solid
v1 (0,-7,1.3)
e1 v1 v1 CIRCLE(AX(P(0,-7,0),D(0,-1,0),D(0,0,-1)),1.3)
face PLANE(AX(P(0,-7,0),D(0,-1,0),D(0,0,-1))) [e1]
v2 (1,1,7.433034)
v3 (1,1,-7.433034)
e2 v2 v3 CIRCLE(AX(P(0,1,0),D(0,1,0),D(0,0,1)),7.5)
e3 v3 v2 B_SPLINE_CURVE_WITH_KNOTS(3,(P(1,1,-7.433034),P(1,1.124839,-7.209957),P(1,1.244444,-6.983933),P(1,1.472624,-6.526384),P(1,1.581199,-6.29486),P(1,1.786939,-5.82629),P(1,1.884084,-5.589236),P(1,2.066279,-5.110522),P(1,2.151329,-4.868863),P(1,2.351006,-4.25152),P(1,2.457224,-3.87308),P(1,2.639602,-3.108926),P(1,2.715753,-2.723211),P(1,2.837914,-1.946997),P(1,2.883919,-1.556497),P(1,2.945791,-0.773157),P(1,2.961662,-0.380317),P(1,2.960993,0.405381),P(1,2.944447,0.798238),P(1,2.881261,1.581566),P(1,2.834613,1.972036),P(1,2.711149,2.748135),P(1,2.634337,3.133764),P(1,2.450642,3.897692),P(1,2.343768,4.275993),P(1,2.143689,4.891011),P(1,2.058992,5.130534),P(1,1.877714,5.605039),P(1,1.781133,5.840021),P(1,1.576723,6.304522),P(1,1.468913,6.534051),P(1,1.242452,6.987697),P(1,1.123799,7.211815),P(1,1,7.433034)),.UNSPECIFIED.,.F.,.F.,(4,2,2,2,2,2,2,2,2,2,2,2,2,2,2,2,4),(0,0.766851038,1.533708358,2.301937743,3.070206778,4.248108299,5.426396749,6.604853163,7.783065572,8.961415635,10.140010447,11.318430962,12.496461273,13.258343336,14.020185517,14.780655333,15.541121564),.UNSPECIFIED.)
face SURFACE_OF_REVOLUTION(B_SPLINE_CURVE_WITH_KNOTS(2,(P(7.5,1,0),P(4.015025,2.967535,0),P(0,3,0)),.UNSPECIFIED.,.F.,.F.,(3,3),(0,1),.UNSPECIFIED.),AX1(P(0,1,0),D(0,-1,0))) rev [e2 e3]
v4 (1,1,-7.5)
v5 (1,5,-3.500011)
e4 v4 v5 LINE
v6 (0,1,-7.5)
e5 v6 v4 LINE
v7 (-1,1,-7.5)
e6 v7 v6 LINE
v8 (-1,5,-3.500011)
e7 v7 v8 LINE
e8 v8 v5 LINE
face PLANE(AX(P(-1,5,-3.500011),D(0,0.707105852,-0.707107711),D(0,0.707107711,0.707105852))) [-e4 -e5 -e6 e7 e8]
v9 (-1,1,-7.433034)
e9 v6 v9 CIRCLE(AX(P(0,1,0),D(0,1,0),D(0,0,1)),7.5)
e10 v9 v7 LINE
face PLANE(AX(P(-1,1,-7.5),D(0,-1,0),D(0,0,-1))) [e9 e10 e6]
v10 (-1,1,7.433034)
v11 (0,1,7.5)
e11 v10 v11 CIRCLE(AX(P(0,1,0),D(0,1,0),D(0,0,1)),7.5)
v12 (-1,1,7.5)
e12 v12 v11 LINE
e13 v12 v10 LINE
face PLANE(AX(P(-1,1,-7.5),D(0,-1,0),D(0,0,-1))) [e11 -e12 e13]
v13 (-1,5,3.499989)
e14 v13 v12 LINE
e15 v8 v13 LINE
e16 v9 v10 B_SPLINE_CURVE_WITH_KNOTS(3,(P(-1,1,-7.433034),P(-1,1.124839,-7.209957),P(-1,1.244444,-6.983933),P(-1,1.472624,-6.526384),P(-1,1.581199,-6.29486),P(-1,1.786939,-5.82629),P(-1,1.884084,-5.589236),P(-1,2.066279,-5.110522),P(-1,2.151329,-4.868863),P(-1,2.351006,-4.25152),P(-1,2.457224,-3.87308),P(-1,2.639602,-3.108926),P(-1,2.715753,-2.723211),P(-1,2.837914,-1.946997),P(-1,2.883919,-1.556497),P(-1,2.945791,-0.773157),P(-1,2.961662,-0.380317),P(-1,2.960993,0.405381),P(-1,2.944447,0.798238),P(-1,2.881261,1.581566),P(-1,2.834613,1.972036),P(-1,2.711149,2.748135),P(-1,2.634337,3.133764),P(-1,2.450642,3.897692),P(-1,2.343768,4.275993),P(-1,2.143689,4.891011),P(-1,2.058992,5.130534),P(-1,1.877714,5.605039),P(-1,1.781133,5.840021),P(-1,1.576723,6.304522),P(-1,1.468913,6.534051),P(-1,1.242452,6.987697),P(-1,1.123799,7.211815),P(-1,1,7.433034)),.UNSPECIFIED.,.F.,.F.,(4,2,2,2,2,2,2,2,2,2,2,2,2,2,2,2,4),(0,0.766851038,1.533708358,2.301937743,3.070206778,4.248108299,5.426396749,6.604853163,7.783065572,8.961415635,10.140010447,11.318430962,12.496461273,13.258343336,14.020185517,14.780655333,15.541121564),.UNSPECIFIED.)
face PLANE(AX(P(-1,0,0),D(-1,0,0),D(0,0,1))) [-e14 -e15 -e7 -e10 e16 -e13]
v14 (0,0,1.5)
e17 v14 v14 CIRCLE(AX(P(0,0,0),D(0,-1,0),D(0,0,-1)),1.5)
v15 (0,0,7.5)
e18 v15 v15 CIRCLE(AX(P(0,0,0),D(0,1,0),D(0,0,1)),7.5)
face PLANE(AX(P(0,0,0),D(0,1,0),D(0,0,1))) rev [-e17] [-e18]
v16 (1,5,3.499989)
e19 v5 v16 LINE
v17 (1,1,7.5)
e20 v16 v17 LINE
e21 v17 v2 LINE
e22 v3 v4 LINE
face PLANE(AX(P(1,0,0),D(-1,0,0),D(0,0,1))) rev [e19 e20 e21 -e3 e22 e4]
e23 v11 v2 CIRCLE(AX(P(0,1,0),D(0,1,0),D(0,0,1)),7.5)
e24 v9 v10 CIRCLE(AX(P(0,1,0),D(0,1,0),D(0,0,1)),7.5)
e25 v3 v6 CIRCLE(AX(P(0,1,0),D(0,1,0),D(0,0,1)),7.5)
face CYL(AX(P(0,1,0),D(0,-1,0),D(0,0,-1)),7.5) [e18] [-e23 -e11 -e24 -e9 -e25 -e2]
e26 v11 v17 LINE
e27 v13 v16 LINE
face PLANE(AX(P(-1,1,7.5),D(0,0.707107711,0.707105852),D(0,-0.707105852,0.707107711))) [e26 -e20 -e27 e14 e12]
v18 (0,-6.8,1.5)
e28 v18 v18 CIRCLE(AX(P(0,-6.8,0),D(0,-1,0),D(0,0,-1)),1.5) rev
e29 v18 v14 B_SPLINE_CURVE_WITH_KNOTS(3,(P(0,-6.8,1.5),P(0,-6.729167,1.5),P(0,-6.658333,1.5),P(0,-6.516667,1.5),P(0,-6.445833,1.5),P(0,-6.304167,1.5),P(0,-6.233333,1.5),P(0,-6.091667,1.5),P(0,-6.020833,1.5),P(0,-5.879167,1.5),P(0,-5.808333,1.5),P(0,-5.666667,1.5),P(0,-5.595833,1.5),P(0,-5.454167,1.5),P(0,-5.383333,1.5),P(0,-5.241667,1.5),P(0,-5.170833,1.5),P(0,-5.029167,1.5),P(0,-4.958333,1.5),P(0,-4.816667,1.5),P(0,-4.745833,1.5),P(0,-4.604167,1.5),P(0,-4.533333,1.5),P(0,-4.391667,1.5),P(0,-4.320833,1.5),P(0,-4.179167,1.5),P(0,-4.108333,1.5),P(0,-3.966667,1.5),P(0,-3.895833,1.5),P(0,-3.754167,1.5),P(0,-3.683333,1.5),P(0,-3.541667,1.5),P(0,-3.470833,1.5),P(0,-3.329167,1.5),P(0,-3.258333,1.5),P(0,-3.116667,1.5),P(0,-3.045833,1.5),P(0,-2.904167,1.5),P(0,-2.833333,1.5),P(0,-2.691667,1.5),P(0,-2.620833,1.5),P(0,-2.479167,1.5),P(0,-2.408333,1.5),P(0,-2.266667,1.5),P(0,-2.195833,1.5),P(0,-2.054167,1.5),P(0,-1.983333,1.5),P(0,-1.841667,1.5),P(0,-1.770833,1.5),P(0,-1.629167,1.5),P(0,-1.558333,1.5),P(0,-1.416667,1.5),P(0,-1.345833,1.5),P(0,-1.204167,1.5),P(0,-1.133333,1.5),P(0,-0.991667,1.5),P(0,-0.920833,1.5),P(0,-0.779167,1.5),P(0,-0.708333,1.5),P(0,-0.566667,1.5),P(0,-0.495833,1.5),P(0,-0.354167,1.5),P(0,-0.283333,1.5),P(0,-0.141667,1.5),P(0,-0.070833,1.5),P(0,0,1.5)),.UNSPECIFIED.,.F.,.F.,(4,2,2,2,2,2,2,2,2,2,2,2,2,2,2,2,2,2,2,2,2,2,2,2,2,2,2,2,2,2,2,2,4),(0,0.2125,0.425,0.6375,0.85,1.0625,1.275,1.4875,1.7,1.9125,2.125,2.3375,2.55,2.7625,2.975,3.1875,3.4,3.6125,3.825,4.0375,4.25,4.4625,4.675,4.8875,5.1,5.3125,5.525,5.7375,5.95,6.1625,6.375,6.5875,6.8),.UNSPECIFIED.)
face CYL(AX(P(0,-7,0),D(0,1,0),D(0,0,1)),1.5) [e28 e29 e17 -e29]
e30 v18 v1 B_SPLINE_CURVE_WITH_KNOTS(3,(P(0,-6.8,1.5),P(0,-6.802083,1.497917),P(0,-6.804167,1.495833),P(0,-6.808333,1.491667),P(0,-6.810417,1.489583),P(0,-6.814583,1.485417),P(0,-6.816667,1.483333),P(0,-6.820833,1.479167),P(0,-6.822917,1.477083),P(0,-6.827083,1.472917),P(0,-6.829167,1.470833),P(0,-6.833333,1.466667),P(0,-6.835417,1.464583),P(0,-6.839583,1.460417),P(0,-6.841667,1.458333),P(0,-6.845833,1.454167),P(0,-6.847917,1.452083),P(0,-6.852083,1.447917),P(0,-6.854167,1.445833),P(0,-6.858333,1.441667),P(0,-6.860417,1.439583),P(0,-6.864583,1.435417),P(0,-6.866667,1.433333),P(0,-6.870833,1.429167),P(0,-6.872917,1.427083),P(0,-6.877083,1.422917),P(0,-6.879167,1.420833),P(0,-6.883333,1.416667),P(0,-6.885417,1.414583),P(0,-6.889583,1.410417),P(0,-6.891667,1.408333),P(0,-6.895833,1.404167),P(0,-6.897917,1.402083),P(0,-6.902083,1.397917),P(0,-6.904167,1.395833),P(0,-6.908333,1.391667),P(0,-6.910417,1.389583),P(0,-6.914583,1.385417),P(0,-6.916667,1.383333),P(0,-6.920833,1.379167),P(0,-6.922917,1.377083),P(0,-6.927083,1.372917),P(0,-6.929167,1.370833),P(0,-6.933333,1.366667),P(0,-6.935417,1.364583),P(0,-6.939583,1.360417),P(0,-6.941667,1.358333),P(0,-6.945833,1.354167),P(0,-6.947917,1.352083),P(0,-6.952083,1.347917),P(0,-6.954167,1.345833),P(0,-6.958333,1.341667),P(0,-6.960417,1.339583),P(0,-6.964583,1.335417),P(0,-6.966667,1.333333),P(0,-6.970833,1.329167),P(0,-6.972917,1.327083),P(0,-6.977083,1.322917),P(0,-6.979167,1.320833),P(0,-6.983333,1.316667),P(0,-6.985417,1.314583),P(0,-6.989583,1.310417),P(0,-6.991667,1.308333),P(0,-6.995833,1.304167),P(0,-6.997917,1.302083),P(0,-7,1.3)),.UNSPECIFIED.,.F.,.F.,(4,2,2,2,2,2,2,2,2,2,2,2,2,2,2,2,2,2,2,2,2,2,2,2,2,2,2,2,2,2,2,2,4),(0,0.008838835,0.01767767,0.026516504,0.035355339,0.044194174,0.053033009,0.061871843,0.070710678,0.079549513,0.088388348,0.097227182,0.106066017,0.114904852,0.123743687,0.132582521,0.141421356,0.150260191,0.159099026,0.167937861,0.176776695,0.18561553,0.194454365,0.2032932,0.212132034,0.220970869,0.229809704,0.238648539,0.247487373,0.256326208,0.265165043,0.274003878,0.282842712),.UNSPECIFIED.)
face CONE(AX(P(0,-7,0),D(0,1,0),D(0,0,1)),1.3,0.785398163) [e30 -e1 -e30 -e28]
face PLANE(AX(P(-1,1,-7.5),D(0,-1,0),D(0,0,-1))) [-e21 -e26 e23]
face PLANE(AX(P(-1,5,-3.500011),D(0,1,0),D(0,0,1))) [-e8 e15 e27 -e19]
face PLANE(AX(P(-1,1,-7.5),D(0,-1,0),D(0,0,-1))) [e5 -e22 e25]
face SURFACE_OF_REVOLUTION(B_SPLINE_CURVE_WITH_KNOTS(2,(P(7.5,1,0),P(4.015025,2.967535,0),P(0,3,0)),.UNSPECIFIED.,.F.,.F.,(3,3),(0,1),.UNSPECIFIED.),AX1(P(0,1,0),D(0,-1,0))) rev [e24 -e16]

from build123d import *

# Parameters (mm, degrees)
SKETCH1_R                = 7.5
BOSS_EXTRUDE1_DEPTH      = 1
BOSS_EXTRUDE2_DEPTH      = 1
BOSS_EXTRUDE2_DEPTH_BACK = 1
SKETCH5_R                = 1.5
BOSS_EXTRUDE3_DEPTH      = 7
CHAMFER1_SIZE            = 0.2


with BuildPart() as part:
    # Sketch1 → Boss-Extrude1 (new body)
    with BuildSketch(Plane(origin=(0, 0, 0), x_dir=(1, 0, 0), z_dir=(0, 1, 0))):
        Circle(SKETCH1_R)
    extrude(amount=BOSS_EXTRUDE1_DEPTH)

    # Sketch3 → Revolve1 (revolve)
    with BuildSketch(Plane.XY):
        with BuildLine():
            Line((0, 1), (0, 3))
            add(Edge.make_bspline(
                [(7.5, 1), (4.015025373, 2.967534518), (0, 3)],
                knots=[0, 0, 0, 1, 1, 1], degree=2))
            Line((7.5, 1), (0, 1))
        make_face()
    revolve(axis=Axis((0, 1, 0), (0, 1, 0)))

    # Sketch4 → Boss-Extrude2 (add, two sides: drawn at the far end of the back side and taken through both)
    with BuildSketch(Plane(origin=(0, 0, 0), x_dir=(0, 0, -1), z_dir=(1, 0, 0)).offset(-BOSS_EXTRUDE2_DEPTH_BACK)):
        Polygon((-7.5, 1), (-3.499989483, 1), (3.500010517, 1), (7.5, 1), (3.500010517, 5), (-3.499989483, 5), align=None)
    extrude(amount=BOSS_EXTRUDE2_DEPTH + BOSS_EXTRUDE2_DEPTH_BACK)

    # Sketch5 → Boss-Extrude3 (add)
    with BuildSketch(Plane.XZ):
        Circle(SKETCH5_R)
    extrude(amount=BOSS_EXTRUDE3_DEPTH)

    # Chamfer1
    chamfer1_edges = [part.edges().sort_by_distance(p)[0] for p in [
        (-1.5, -7, 0),
    ]]
    chamfer(chamfer1_edges, length=CHAMFER1_SIZE)


solid = part.part
